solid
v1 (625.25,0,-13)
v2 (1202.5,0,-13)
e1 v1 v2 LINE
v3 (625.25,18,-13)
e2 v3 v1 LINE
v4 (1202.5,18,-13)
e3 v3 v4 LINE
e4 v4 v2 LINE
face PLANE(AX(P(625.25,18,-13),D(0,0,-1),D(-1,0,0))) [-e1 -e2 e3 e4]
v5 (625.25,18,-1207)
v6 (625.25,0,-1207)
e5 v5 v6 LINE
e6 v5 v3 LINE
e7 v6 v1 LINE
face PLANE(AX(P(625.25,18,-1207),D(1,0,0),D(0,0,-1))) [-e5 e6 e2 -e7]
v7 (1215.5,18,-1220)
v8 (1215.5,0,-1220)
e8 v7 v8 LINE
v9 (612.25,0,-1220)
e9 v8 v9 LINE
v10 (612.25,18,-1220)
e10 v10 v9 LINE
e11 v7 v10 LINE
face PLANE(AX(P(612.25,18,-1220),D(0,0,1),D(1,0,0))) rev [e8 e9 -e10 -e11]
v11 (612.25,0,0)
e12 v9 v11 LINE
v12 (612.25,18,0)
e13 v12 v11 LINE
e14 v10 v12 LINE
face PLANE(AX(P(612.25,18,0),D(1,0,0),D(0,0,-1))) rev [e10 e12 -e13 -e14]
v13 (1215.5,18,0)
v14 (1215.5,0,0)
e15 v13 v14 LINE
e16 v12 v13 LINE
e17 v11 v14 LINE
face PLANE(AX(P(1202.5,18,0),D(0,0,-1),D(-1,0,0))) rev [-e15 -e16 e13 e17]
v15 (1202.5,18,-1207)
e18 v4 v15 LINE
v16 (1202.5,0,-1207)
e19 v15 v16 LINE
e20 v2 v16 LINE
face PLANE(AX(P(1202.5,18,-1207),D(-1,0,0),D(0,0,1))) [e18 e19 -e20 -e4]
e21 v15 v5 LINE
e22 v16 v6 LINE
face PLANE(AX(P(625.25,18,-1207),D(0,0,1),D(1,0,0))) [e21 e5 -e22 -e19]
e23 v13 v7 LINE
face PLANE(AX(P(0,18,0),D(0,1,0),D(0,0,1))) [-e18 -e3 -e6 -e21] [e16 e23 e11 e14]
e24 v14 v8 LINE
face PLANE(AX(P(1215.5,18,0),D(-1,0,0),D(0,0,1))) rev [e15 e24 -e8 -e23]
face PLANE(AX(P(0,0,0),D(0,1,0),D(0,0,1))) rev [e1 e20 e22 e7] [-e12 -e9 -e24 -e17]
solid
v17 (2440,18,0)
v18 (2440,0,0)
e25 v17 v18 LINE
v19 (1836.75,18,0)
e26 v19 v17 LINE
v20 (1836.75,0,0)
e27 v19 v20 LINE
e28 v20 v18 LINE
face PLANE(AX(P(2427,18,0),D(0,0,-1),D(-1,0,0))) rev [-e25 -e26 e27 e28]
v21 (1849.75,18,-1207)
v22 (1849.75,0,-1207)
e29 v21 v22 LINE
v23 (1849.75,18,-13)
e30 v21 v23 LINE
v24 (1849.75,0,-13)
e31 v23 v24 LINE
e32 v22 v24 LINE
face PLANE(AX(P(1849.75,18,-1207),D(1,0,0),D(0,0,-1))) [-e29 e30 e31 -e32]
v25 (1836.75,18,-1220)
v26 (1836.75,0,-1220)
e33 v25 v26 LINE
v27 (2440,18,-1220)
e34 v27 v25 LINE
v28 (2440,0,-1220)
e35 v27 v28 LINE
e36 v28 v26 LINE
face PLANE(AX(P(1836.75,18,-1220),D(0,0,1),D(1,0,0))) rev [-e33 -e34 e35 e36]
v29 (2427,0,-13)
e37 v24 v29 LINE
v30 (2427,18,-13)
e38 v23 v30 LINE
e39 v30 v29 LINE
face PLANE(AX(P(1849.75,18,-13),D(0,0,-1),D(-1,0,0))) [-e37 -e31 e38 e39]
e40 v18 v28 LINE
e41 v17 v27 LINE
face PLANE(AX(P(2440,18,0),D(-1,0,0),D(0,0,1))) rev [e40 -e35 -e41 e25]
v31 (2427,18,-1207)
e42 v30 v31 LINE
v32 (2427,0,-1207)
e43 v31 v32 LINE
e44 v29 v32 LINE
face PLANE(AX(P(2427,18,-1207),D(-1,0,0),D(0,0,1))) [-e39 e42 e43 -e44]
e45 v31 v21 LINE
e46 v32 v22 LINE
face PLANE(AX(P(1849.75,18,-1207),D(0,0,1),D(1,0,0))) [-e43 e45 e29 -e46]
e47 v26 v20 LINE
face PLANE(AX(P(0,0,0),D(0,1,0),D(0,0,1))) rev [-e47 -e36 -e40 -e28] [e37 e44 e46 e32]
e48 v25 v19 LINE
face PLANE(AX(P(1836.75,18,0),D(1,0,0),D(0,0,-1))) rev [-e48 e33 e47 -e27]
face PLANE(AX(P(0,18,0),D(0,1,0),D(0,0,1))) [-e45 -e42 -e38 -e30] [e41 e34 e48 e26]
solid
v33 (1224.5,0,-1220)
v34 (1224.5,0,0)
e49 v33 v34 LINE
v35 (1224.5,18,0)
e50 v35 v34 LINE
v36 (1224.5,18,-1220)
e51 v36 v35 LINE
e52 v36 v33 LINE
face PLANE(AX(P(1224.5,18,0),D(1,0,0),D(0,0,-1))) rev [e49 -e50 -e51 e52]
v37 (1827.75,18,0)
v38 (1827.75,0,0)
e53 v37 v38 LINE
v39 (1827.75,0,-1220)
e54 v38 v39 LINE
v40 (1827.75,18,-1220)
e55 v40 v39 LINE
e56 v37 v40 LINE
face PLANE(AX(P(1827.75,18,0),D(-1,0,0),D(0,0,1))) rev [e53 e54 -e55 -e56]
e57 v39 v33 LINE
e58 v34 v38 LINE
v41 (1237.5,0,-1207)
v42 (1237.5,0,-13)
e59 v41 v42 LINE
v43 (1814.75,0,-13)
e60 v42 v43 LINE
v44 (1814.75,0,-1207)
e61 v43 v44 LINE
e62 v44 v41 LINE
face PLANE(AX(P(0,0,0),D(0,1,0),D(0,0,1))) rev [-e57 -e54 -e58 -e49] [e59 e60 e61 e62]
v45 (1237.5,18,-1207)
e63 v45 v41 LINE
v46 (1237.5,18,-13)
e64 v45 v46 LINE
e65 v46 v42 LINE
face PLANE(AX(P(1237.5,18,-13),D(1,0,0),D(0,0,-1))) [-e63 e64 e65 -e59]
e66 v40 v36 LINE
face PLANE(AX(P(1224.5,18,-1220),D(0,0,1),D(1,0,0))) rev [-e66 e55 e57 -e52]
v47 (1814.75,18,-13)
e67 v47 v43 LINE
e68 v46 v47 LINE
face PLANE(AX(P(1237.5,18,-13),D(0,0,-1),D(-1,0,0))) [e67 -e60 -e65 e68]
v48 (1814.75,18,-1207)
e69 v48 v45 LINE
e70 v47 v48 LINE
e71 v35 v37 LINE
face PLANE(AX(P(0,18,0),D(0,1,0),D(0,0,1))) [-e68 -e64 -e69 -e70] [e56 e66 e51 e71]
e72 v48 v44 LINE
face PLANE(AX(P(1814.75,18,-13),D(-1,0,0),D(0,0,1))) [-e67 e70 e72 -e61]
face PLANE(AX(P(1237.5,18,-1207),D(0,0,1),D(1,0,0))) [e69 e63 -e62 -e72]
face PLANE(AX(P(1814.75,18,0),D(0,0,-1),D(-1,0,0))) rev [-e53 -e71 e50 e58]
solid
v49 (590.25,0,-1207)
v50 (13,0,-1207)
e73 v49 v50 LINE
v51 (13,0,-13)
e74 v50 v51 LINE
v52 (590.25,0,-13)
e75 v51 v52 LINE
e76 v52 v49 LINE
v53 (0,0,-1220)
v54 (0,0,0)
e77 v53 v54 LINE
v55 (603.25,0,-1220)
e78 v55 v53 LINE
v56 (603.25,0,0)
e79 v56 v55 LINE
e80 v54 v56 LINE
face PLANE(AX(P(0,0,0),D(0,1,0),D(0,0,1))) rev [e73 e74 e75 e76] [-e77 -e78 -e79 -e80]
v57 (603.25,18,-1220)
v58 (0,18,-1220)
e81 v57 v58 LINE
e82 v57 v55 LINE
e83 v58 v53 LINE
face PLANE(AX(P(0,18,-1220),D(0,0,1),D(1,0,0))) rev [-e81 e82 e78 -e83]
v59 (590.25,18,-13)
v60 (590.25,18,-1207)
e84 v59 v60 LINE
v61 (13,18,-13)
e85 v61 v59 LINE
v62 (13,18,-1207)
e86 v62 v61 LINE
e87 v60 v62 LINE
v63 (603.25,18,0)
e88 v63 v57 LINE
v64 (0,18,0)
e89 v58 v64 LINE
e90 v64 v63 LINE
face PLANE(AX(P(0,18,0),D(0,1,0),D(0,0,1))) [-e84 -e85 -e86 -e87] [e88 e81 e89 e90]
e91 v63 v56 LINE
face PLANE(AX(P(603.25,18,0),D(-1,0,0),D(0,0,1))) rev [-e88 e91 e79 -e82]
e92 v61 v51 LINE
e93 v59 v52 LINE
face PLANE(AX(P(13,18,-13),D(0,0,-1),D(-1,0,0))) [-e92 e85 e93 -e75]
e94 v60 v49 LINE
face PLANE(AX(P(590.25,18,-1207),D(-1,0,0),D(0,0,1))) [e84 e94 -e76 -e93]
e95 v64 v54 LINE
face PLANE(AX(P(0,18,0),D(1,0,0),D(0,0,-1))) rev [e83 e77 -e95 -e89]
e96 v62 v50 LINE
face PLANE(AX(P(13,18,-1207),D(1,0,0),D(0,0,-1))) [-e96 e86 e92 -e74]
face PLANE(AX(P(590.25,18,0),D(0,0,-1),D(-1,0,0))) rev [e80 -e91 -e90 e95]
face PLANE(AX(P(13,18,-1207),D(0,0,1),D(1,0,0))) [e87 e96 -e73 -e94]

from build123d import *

# Parameters (mm, degrees)
SKETCH1_W            = 577.25
SKETCH1_H            = 1194
BOSS_EXTRU_1_DEPTH   = 18
BOSS_EXTRU_1_2_DEPTH = 18
BOSS_EXTRU_1_3_DEPTH = 18
BOSS_EXTRU_1_4_DEPTH = 18


with BuildPart() as part:
    # Sketch1 → Boss.-Extru.1 (new body)
    with BuildSketch(Plane(origin=(0, 0, 0), x_dir=(1, 0, 0), z_dir=(0, 1, 0))):
        Polygon((0, 0), (0, 1220), (603.25, 1220), (603.25, 0), (590.25, 0), (13, 0), align=None)
        with Locations((301.625, 610)):
            Rectangle(SKETCH1_W, SKETCH1_H, mode=Mode.SUBTRACT)
    extrude(amount=BOSS_EXTRU_1_DEPTH)


with BuildPart() as body_2:
    # Sketch1 → Boss.-Extru.1 2 (new body)
    with BuildSketch(Plane(origin=(0, 0, 0), x_dir=(1, 0, 0), z_dir=(0, 1, 0))):
        Polygon((2440, 0), (2440, 1220), (1836.75, 1220), (1836.75, 0), (1849.75, 0), (2427, 0), align=None)
        with Locations((2138.375, 610)):
            Rectangle(SKETCH1_W, SKETCH1_H, mode=Mode.SUBTRACT)
    extrude(amount=BOSS_EXTRU_1_2_DEPTH)


with BuildPart() as body_3:
    # Sketch1 → Boss.-Extru.1 3 (new body)
    with BuildSketch(Plane(origin=(0, 0, 0), x_dir=(1, 0, 0), z_dir=(0, 1, 0))):
        Polygon((625.25, 0), (1202.5, 0), (1215.5, 0), (1215.5, 1220), (612.25, 1220), (612.25, 0), align=None)
        with Locations((913.875, 610)):
            Rectangle(SKETCH1_W, SKETCH1_H, mode=Mode.SUBTRACT)
    extrude(amount=BOSS_EXTRU_1_3_DEPTH)


with BuildPart() as body_4:
    # Sketch1 → Boss.-Extru.1 4 (new body)
    with BuildSketch(Plane(origin=(0, 0, 0), x_dir=(1, 0, 0), z_dir=(0, 1, 0))):
        Polygon((1237.5, 0), (1814.75, 0), (1827.75, 0), (1827.75, 1220), (1224.5, 1220), (1224.5, 0), align=None)
        with Locations((1526.125, 610)):
            Rectangle(SKETCH1_W, SKETCH1_H, mode=Mode.SUBTRACT)
    extrude(amount=BOSS_EXTRU_1_4_DEPTH)


solid = Compound([part.part, body_2.part, body_3.part, body_4.part])
